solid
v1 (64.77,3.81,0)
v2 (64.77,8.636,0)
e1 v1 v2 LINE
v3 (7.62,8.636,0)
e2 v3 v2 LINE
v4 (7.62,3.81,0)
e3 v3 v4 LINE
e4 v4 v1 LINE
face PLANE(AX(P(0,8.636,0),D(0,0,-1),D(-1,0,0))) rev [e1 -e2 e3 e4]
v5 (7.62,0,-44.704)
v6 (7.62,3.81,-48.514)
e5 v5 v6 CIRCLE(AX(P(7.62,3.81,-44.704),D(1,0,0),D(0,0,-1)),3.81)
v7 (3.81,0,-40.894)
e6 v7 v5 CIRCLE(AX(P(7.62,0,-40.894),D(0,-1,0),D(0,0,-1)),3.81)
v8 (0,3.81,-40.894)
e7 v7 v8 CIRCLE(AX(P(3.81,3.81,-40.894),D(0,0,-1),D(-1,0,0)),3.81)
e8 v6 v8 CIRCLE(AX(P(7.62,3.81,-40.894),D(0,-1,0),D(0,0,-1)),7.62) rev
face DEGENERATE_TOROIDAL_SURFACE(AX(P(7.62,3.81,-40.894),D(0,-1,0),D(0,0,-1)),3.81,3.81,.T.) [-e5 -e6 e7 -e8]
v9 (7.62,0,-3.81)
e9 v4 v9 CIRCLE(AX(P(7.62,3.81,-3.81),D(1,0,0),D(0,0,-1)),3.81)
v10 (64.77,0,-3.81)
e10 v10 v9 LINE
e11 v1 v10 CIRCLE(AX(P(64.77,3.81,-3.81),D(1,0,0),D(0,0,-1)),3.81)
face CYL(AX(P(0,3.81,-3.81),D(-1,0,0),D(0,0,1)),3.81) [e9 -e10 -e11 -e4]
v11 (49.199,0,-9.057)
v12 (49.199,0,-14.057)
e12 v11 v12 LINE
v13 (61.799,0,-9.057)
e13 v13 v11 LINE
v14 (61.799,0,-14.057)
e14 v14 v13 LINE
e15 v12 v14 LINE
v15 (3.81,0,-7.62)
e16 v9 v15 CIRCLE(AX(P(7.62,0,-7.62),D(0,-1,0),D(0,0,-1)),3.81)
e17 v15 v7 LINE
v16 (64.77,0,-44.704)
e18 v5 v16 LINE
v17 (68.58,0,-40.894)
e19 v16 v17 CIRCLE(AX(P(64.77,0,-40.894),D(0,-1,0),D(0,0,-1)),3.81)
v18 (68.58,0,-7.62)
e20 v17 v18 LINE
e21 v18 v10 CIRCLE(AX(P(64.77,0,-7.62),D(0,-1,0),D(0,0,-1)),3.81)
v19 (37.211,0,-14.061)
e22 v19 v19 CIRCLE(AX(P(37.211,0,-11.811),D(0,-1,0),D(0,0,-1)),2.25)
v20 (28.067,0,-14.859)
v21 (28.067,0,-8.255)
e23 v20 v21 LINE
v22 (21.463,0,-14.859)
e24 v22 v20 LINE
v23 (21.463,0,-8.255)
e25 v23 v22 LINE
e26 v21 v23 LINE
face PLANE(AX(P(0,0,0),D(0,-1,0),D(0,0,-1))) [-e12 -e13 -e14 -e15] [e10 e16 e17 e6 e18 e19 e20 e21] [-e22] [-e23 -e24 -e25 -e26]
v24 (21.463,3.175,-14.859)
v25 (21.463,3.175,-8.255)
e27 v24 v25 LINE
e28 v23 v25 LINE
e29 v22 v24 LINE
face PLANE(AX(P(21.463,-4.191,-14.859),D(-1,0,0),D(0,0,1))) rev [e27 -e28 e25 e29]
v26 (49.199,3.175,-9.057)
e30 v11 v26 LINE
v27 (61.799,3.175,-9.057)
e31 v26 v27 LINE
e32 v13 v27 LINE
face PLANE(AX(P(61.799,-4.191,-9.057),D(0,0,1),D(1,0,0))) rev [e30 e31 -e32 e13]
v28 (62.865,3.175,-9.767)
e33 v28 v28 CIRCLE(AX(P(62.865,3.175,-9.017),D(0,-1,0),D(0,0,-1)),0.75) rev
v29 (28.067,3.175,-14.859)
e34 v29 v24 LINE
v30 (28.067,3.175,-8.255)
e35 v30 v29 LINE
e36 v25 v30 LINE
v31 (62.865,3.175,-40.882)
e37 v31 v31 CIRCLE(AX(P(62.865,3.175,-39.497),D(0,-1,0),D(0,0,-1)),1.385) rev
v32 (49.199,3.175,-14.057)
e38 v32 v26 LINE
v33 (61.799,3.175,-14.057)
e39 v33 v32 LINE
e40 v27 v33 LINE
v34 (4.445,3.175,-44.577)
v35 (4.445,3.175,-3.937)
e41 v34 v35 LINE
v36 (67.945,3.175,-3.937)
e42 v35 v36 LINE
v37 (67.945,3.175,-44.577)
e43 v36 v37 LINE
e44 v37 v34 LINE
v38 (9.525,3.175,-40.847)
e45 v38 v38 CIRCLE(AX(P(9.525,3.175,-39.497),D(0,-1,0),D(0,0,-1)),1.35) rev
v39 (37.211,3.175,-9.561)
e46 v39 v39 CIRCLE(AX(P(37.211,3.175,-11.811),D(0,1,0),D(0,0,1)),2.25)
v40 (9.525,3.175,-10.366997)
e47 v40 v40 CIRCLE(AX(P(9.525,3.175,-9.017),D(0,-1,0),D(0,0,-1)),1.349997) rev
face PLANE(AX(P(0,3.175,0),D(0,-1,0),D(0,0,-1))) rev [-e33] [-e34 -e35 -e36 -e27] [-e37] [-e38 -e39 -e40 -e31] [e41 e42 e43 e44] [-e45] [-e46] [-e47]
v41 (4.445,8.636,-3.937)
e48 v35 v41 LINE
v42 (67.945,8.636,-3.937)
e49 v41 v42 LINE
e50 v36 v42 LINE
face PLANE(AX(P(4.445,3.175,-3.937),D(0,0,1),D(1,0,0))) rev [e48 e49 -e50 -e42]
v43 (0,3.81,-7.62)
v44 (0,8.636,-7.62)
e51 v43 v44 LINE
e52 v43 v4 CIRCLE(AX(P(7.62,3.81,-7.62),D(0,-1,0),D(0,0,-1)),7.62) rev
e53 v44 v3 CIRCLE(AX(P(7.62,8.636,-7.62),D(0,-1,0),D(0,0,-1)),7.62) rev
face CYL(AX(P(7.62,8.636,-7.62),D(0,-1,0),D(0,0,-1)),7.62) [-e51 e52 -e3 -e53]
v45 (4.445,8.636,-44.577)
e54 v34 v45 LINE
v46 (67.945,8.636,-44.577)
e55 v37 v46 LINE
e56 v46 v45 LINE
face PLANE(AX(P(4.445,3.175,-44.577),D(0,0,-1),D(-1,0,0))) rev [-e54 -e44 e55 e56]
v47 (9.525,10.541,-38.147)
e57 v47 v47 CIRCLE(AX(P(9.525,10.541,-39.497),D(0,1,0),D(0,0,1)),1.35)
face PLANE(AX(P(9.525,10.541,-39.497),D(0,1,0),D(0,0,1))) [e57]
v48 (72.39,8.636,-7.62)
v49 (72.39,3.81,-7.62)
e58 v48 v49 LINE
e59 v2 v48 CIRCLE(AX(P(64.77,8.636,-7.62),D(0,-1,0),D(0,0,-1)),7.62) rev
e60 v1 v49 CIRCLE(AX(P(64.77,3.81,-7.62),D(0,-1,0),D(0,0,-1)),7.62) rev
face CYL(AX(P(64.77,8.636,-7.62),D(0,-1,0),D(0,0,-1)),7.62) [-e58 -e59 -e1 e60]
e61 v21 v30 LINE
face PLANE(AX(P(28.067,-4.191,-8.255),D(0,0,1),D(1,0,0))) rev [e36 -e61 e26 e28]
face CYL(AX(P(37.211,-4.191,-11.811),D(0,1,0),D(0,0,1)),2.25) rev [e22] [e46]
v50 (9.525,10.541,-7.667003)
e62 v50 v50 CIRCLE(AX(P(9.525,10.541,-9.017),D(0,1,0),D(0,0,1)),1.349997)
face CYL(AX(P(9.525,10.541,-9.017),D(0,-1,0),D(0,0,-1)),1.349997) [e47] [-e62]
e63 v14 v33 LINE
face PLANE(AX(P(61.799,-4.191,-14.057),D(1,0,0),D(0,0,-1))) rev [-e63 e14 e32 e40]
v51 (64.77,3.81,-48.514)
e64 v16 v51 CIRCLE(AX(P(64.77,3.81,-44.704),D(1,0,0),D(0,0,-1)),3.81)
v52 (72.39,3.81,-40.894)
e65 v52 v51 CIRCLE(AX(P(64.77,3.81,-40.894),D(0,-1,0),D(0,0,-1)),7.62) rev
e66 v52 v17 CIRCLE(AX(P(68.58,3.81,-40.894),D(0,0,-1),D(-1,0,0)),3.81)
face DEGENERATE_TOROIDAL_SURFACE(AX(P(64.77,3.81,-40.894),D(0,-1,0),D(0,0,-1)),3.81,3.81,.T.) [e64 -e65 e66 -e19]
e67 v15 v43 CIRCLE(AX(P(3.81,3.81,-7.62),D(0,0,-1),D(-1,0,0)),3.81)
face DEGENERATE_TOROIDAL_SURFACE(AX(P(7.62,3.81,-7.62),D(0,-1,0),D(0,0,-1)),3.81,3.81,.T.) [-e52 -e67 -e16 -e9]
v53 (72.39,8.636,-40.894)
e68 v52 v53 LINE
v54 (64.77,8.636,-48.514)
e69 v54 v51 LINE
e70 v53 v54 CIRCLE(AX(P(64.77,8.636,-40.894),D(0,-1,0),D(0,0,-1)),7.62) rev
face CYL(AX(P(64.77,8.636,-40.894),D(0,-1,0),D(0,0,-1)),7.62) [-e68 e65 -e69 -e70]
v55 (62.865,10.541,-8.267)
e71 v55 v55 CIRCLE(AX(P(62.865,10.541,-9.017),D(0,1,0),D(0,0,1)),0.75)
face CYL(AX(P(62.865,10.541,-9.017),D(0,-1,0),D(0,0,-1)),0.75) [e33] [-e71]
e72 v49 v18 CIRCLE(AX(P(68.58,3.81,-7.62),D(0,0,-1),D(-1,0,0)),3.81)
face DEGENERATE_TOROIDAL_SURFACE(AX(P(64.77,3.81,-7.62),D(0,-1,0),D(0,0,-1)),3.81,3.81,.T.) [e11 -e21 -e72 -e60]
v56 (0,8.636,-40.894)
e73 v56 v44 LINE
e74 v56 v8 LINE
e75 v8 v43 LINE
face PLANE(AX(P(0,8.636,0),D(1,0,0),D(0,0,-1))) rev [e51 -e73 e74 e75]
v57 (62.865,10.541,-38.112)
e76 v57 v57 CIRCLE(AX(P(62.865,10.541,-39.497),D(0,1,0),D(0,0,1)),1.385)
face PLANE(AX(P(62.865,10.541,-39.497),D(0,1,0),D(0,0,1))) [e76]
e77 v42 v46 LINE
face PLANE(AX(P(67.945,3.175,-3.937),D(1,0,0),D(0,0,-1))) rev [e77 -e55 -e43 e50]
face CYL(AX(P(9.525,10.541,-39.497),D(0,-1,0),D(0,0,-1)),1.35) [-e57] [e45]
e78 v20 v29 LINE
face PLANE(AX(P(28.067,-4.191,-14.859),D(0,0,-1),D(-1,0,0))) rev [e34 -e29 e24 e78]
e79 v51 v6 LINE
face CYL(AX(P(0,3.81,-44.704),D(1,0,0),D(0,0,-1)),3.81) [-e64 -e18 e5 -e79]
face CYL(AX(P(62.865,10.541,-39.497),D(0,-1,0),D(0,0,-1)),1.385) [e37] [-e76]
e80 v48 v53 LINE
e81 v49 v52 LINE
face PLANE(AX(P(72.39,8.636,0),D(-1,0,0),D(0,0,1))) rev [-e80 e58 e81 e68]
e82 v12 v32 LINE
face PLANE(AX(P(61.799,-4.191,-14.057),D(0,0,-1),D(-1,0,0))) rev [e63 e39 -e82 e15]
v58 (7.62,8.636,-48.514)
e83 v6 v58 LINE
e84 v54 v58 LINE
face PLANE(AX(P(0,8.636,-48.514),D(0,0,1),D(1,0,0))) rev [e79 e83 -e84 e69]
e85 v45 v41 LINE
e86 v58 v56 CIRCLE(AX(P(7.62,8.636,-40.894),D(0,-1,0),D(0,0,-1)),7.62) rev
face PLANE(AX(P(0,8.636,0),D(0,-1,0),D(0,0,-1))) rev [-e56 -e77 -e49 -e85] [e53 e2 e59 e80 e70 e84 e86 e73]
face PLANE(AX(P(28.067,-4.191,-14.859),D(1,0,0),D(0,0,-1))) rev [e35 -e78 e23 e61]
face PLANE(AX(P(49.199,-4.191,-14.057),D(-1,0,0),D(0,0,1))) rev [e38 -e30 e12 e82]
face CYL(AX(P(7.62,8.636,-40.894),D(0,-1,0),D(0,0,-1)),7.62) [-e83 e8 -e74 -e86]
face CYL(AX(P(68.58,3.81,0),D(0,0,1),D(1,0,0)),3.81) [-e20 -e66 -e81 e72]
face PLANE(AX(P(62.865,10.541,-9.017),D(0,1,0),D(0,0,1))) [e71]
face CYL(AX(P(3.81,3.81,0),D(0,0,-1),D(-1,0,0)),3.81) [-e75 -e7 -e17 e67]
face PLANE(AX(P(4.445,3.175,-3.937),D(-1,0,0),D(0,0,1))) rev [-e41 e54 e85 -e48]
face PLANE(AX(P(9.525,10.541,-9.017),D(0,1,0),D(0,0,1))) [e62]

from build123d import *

# Parameters (mm, degrees)
SKETCH1_W           = 72.39
SKETCH1_H           = 48.514
BOSS_EXTRUDE1_DEPTH = 8.636
SKETCH2_W           = 63.5
SKETCH2_H           = 40.64
CUT_EXTRUDE1_DEPTH  = 5.461
FILLET2_R           = 7.62
FILLET3_R           = 3.81
SKETCH4_R           = 2.25
SKETCH4_W           = 12.6
SKETCH4_H           = 5
SKETCH4_W_2         = 6.604
SKETCH4_H_2         = 6.604
CUT_EXTRUDE2_DEPTH  = 7.366
SKETCH5_R           = 1.35
SKETCH5_R_2         = 1.3499973
SKETCH5_R_3         = 1.385
SKETCH5_R_4         = 0.75
BOSS_EXTRUDE2_DEPTH = 7.366


with BuildPart() as part:
    # Sketch1 → Boss-Extrude1 (new body)
    with BuildSketch(Plane(origin=(0, 0, 0), x_dir=(1, 0, 0), z_dir=(0, 1, 0))):
        with Locations((36.195, 24.257)):
            Rectangle(SKETCH1_W, SKETCH1_H)
    extrude(amount=BOSS_EXTRUDE1_DEPTH)

    # Sketch2 → Cut-Extrude1 (cut)
    with BuildSketch(Plane(origin=(0, 8.636, 0), x_dir=(1, 0, 0), z_dir=(0, 1, 0))):
        with Locations((36.195, 24.257)):
            Rectangle(SKETCH2_W, SKETCH2_H)
    extrude(amount=-CUT_EXTRUDE1_DEPTH, mode=Mode.SUBTRACT)

    # Fillet2
    fillet2_edges = [part.edges().sort_by_distance(p)[0] for p in [
        (0, 4.318, -48.514),
        (72.39, 4.318, -48.514),
        (72.39, 4.318, 0),
        (0, 4.318, 0),
    ]]
    fillet(fillet2_edges, radius=FILLET2_R)

    # Fillet3
    fillet3_edges = [part.edges().sort_by_distance(p)[0] for p in [
        (36.195, 0, -48.514),
        (0, 0, -24.257),
        (72.39, 0, -24.257),
        (36.195, 0, 0),
        (2.231846327, 0, -46.282153673),
        (2.231846327, 0, -2.231846327),
        (70.158153673, 0, -2.231846327),
        (70.158153673, 0, -46.282153673),
    ]]
    fillet(fillet3_edges, radius=FILLET3_R)

    # Sketch4 → Cut-Extrude2 (cut)
    with BuildSketch(Plane(origin=(0, 3.175, 0), x_dir=(1, 0, 0), z_dir=(0, 1, 0))):
        with Locations((37.211, 11.811)):
            Circle(SKETCH4_R)
        with Locations((55.499, 11.557)):
            Rectangle(SKETCH4_W, SKETCH4_H)
        with Locations((24.765, 11.557)):
            Rectangle(SKETCH4_W_2, SKETCH4_H_2)
    extrude(amount=-CUT_EXTRUDE2_DEPTH, mode=Mode.SUBTRACT)

    # Sketch5 → Boss-Extrude2 (add)
    with BuildSketch(Plane(origin=(0, 3.175, 0), x_dir=(1, 0, 0), z_dir=(0, 1, 0))):
        with Locations((9.525, 39.497)):
            Circle(SKETCH5_R)
        with Locations((9.525, 9.017)):
            Circle(SKETCH5_R_2)
        with Locations((62.865, 39.497)):
            Circle(SKETCH5_R_3)
        with Locations((62.865, 9.017)):
            Circle(SKETCH5_R_4)
    extrude(amount=BOSS_EXTRUDE2_DEPTH)


solid = part.part
